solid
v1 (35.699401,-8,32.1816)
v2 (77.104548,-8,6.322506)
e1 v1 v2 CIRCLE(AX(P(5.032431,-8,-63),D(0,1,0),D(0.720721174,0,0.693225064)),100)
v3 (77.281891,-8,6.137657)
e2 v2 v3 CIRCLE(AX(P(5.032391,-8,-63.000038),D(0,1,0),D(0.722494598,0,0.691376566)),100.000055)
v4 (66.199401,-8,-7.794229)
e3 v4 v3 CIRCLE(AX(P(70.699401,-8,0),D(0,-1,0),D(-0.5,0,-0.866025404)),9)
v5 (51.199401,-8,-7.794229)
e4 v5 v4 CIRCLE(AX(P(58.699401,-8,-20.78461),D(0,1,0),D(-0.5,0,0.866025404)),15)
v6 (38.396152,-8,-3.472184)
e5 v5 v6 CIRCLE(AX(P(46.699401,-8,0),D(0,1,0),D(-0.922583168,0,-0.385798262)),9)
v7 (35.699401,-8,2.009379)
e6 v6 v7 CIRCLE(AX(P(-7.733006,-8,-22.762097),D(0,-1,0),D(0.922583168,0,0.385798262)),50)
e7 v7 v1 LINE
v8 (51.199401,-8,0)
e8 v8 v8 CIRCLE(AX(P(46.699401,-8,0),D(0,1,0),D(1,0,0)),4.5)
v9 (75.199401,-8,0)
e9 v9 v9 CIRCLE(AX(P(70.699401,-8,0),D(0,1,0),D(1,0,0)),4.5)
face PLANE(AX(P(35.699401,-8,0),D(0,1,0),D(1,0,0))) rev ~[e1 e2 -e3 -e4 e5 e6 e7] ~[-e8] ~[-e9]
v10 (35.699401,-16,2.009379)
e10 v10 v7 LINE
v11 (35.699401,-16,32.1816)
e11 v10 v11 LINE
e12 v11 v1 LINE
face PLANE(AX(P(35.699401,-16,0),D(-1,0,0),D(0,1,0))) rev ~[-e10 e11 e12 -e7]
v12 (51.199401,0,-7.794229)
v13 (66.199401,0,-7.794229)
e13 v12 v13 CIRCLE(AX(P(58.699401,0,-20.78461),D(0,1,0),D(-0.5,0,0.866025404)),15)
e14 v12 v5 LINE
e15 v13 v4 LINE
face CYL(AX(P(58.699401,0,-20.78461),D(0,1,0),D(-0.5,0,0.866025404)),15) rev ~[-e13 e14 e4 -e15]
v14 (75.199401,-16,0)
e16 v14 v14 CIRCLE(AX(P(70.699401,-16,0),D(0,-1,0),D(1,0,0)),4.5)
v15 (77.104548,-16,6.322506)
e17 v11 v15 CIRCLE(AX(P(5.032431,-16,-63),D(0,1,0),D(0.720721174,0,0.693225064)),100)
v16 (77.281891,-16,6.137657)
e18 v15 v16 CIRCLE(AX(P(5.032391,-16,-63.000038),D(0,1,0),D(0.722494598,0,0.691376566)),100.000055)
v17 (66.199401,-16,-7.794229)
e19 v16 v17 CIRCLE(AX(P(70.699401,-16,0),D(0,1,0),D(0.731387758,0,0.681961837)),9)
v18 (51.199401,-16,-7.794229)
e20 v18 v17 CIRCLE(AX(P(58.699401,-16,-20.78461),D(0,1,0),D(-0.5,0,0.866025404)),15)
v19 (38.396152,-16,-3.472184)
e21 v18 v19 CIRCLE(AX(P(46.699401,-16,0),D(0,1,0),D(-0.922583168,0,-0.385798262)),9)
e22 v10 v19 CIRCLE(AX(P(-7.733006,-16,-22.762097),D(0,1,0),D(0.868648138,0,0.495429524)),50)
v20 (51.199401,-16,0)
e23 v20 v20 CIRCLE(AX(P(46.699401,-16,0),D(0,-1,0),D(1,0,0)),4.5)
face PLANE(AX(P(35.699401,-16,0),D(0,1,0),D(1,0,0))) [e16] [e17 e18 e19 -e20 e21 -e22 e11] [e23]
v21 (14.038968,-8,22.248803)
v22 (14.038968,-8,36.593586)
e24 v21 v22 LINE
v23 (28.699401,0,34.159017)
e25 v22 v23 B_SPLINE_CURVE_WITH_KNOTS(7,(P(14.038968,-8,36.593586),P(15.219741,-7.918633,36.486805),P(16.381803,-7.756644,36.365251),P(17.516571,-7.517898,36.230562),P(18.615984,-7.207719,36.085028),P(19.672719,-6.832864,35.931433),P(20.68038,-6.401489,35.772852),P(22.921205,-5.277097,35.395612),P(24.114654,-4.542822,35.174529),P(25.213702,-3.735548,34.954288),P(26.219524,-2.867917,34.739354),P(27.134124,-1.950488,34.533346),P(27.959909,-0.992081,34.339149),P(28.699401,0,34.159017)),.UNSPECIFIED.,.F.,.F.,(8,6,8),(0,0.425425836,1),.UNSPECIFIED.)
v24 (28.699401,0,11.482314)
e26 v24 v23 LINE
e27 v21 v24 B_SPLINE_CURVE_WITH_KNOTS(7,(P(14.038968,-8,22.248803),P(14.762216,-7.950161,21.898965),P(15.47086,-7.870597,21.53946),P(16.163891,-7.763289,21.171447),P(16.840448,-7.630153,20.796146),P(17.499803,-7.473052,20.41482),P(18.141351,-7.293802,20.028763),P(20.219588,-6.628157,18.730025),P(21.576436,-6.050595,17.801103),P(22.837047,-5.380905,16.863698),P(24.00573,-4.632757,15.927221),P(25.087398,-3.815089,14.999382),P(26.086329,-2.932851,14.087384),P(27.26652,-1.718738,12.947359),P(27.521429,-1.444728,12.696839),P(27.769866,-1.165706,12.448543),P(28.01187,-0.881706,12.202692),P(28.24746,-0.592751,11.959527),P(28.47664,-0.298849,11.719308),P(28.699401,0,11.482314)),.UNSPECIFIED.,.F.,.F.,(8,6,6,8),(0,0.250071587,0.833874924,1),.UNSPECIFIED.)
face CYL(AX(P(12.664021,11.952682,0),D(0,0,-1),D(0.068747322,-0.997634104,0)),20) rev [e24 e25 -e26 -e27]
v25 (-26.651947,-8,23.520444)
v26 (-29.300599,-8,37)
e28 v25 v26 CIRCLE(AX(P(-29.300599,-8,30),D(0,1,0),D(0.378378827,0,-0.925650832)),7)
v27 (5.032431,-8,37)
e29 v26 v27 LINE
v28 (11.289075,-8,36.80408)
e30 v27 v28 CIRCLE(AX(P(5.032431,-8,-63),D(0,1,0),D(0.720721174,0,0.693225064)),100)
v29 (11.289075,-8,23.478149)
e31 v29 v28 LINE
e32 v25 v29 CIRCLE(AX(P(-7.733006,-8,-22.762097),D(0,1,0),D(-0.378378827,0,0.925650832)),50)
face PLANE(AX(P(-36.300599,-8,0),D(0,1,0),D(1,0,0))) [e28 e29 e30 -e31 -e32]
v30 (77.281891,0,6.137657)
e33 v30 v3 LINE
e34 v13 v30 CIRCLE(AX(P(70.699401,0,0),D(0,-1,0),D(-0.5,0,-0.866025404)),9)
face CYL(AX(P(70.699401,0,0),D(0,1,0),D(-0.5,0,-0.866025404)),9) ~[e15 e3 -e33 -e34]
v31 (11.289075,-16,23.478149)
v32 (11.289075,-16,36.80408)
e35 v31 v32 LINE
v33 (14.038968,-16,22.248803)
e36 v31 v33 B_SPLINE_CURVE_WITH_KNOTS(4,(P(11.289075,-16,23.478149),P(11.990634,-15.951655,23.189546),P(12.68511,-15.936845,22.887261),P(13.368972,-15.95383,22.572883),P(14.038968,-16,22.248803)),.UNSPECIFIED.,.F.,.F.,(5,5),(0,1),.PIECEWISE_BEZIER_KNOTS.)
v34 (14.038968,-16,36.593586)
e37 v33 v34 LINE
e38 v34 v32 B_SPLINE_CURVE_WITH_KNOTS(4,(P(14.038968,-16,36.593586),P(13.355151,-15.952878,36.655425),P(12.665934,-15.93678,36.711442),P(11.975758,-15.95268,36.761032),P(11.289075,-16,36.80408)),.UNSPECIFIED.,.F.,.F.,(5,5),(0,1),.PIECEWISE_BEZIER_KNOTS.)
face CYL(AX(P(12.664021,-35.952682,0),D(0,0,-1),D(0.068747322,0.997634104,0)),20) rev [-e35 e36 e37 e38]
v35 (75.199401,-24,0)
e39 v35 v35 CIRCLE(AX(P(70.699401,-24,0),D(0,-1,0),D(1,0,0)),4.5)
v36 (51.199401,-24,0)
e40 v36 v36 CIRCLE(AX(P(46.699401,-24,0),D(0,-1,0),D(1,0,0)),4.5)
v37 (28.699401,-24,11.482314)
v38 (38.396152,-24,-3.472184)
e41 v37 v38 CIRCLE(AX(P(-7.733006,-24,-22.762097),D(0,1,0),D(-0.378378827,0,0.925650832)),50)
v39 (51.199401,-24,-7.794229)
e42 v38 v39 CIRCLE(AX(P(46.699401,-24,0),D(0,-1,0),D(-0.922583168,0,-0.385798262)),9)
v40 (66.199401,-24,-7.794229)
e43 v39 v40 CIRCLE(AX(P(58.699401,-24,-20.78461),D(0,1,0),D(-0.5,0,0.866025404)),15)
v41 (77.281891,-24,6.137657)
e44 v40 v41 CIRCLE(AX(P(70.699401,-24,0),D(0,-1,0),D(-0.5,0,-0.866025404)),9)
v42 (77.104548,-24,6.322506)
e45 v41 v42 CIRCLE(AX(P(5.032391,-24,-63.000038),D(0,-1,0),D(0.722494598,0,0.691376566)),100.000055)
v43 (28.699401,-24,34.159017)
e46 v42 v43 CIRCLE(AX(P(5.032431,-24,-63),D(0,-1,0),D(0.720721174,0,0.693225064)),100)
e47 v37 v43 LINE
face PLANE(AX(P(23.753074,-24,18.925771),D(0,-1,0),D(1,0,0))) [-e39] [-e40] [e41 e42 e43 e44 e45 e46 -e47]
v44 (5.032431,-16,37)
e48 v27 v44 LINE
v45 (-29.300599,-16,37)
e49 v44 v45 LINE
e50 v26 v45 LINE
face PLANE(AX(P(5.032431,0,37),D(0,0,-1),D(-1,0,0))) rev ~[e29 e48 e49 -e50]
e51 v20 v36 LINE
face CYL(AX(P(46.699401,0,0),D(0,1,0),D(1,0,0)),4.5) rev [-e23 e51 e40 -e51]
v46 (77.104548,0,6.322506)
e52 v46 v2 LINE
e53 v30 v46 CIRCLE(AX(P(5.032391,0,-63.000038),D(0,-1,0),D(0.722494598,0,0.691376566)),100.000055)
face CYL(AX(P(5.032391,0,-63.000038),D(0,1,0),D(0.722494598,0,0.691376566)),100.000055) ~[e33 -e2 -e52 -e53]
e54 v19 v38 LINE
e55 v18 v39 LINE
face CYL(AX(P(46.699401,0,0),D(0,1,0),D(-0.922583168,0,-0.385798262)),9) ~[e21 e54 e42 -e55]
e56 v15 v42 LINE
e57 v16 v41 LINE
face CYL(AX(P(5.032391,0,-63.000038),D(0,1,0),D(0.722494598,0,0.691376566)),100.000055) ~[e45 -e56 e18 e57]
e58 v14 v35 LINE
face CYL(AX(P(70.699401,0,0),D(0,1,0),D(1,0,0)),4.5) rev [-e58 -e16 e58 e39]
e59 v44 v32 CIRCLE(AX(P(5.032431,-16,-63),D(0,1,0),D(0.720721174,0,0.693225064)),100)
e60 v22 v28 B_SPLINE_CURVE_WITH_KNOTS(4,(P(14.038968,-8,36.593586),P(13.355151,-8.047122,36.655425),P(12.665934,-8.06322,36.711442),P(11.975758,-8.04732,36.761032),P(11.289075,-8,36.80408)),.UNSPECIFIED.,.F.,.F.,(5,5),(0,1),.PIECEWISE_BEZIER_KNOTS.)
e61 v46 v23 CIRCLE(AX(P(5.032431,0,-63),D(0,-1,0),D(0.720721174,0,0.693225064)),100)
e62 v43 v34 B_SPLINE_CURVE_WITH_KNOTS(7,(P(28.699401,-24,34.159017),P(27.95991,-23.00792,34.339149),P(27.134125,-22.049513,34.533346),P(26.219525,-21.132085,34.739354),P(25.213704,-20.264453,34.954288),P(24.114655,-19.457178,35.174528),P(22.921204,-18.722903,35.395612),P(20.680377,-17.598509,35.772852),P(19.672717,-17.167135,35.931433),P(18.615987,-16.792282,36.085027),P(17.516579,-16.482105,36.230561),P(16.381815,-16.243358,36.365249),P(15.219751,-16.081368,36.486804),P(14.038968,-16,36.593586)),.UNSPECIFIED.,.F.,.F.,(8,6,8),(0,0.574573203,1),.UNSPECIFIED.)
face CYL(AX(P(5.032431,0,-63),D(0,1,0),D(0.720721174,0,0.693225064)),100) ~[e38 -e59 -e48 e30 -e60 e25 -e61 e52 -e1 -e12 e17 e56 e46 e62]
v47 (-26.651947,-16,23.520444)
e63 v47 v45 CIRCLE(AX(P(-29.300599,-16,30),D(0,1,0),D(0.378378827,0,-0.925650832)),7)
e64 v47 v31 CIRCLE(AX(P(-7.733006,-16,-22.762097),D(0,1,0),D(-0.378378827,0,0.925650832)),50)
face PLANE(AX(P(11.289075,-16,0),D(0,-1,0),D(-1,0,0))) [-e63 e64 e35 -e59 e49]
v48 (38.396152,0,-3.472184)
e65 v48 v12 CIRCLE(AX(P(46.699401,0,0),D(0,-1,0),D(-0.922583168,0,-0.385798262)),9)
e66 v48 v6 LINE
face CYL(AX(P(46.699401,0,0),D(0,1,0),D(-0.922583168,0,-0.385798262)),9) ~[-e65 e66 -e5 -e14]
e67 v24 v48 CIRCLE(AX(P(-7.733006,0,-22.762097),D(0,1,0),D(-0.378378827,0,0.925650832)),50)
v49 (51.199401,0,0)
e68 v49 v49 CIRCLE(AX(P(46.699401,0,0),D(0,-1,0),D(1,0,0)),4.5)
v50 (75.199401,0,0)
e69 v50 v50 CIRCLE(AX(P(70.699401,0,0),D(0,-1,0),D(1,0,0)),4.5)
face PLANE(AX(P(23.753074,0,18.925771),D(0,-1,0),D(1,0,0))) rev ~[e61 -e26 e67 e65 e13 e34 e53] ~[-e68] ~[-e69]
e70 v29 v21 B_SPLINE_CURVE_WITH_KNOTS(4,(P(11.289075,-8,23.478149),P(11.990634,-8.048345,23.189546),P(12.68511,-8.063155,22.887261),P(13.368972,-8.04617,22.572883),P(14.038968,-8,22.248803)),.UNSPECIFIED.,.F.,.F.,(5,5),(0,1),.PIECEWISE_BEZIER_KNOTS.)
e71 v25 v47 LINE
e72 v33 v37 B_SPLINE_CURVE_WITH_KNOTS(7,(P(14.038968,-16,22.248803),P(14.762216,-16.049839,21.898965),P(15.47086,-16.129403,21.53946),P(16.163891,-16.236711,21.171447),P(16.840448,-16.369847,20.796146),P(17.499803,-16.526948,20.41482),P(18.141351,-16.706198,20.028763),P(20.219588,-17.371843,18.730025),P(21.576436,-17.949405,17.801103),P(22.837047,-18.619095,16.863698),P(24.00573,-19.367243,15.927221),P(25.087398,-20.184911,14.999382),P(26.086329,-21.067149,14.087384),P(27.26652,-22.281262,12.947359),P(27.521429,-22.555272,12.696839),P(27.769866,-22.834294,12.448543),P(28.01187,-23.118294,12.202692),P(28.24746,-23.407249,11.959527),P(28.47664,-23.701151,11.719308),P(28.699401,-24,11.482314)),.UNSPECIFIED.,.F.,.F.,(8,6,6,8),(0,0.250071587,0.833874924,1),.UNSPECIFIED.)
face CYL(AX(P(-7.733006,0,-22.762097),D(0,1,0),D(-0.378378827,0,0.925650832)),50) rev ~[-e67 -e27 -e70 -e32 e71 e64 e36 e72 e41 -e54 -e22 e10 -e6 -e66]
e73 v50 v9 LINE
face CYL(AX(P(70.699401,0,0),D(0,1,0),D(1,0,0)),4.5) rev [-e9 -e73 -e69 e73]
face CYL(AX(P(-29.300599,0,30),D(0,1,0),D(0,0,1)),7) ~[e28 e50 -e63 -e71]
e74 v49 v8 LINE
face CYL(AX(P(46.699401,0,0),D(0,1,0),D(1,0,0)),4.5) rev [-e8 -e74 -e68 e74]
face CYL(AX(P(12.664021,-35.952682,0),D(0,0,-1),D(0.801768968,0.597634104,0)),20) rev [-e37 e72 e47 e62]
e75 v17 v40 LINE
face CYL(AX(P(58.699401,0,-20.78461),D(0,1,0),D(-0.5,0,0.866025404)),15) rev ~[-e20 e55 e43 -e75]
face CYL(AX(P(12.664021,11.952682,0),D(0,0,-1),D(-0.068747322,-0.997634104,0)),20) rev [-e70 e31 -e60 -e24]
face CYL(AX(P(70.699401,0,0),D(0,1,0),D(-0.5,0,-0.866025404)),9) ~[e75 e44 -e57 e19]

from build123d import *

# Parameters (mm, degrees)
F0_R          = 4.5
F1_DEPTH      = 24
F2_W          = 44
F2_H          = 8
F3_DEPTH      = 500
F3_DEPTH_BACK = 500


with BuildPart() as f1:
    # F0 (on Front) → F1 (new body)
    with BuildSketch(Plane.XZ):
        with BuildLine():
            Line((5.0324307792, 37), (-29.3005991912, 37))
            ThreePointArc((-29.3005991912, 37), (-36.16925593, 28.6503501919), (-26.6519474056, 23.5204441728))
            ThreePointArc((-26.6519474056, 23.5204441728), (11.4307481655, 23.4196145494), (38.3961523004, -3.4721843568))
            ThreePointArc((38.3961523004, -3.4721843568), (43.8208262505, -8.5272392081), (51.1994008088, -7.7942286341))
            ThreePointArc((51.1994008088, -7.7942286341), (58.6994008088, -5.7846096908), (66.1994008088, -7.7942286341))
            ThreePointArc((66.1994008088, -7.7942286341), (77.7427343256, -5.6028075971), (77.281890635, 6.1376565306))
            ThreePointArc((77.281890635, 6.1376565306), (77.1932786056, 6.2301382417), (77.1045481967, 6.3225063811))
            ThreePointArc((77.1045481967, 6.3225063811), (44.1971429695, 29.011549922), (5.0324307792, 37))
        make_face()
        with Locations((46.6994008088, 0)):
            Circle(F0_R, mode=Mode.SUBTRACT)
        with Locations((70.6994008088, 0)):
            Circle(F0_R, mode=Mode.SUBTRACT)
    extrude(amount=F1_DEPTH)

    # F2 (on Top) → F3 (cut, two sides)
    with BuildSketch(Plane.XY) as f3_sk:
        with BuildLine():
            Line((-36.3005991912, 0), (-36.3005991912, -8))
            Line((-36.3005991912, -8), (11.2890750086, -8))
            Line((11.2890750086, -8), (14.0389679, -8))
            ThreePointArc((14.0389679, -8), (22.2442020954, -5.6035173609), (28.6994008088, 0))
            Line((28.6994008088, 0), (-36.3005991912, 0))
        make_face()
        with BuildLine():
            Line((-36.3005991912, -16), (-36.3005991912, -24))
            Line((-36.3005991912, -24), (28.6994008088, -24))
            ThreePointArc((28.6994008088, -24), (22.2442020954, -18.3964826391), (14.0389679, -16))
            Line((14.0389679, -16), (11.2890750086, -16))
            Line((11.2890750086, -16), (-36.3005991912, -16))
        make_face()
        with BuildLine():
            ThreePointArc((14.0389679, -16), (12.6640214543, -15.9526820822), (11.2890750086, -16))
            Line((11.2890750086, -16), (14.0389679, -16))
        make_face()
        with BuildLine():
            Line((14.0389679, -8), (11.2890750086, -8))
            ThreePointArc((11.2890750086, -8), (12.6640214543, -8.0473179178), (14.0389679, -8))
        make_face()
        with Locations((57.6994008088, -12)):
            Rectangle(F2_W, F2_H)
    extrude(amount=-F3_DEPTH, mode=Mode.SUBTRACT)
    extrude(f3_sk.sketch, amount=F3_DEPTH_BACK, mode=Mode.SUBTRACT)


solid = f1.part
